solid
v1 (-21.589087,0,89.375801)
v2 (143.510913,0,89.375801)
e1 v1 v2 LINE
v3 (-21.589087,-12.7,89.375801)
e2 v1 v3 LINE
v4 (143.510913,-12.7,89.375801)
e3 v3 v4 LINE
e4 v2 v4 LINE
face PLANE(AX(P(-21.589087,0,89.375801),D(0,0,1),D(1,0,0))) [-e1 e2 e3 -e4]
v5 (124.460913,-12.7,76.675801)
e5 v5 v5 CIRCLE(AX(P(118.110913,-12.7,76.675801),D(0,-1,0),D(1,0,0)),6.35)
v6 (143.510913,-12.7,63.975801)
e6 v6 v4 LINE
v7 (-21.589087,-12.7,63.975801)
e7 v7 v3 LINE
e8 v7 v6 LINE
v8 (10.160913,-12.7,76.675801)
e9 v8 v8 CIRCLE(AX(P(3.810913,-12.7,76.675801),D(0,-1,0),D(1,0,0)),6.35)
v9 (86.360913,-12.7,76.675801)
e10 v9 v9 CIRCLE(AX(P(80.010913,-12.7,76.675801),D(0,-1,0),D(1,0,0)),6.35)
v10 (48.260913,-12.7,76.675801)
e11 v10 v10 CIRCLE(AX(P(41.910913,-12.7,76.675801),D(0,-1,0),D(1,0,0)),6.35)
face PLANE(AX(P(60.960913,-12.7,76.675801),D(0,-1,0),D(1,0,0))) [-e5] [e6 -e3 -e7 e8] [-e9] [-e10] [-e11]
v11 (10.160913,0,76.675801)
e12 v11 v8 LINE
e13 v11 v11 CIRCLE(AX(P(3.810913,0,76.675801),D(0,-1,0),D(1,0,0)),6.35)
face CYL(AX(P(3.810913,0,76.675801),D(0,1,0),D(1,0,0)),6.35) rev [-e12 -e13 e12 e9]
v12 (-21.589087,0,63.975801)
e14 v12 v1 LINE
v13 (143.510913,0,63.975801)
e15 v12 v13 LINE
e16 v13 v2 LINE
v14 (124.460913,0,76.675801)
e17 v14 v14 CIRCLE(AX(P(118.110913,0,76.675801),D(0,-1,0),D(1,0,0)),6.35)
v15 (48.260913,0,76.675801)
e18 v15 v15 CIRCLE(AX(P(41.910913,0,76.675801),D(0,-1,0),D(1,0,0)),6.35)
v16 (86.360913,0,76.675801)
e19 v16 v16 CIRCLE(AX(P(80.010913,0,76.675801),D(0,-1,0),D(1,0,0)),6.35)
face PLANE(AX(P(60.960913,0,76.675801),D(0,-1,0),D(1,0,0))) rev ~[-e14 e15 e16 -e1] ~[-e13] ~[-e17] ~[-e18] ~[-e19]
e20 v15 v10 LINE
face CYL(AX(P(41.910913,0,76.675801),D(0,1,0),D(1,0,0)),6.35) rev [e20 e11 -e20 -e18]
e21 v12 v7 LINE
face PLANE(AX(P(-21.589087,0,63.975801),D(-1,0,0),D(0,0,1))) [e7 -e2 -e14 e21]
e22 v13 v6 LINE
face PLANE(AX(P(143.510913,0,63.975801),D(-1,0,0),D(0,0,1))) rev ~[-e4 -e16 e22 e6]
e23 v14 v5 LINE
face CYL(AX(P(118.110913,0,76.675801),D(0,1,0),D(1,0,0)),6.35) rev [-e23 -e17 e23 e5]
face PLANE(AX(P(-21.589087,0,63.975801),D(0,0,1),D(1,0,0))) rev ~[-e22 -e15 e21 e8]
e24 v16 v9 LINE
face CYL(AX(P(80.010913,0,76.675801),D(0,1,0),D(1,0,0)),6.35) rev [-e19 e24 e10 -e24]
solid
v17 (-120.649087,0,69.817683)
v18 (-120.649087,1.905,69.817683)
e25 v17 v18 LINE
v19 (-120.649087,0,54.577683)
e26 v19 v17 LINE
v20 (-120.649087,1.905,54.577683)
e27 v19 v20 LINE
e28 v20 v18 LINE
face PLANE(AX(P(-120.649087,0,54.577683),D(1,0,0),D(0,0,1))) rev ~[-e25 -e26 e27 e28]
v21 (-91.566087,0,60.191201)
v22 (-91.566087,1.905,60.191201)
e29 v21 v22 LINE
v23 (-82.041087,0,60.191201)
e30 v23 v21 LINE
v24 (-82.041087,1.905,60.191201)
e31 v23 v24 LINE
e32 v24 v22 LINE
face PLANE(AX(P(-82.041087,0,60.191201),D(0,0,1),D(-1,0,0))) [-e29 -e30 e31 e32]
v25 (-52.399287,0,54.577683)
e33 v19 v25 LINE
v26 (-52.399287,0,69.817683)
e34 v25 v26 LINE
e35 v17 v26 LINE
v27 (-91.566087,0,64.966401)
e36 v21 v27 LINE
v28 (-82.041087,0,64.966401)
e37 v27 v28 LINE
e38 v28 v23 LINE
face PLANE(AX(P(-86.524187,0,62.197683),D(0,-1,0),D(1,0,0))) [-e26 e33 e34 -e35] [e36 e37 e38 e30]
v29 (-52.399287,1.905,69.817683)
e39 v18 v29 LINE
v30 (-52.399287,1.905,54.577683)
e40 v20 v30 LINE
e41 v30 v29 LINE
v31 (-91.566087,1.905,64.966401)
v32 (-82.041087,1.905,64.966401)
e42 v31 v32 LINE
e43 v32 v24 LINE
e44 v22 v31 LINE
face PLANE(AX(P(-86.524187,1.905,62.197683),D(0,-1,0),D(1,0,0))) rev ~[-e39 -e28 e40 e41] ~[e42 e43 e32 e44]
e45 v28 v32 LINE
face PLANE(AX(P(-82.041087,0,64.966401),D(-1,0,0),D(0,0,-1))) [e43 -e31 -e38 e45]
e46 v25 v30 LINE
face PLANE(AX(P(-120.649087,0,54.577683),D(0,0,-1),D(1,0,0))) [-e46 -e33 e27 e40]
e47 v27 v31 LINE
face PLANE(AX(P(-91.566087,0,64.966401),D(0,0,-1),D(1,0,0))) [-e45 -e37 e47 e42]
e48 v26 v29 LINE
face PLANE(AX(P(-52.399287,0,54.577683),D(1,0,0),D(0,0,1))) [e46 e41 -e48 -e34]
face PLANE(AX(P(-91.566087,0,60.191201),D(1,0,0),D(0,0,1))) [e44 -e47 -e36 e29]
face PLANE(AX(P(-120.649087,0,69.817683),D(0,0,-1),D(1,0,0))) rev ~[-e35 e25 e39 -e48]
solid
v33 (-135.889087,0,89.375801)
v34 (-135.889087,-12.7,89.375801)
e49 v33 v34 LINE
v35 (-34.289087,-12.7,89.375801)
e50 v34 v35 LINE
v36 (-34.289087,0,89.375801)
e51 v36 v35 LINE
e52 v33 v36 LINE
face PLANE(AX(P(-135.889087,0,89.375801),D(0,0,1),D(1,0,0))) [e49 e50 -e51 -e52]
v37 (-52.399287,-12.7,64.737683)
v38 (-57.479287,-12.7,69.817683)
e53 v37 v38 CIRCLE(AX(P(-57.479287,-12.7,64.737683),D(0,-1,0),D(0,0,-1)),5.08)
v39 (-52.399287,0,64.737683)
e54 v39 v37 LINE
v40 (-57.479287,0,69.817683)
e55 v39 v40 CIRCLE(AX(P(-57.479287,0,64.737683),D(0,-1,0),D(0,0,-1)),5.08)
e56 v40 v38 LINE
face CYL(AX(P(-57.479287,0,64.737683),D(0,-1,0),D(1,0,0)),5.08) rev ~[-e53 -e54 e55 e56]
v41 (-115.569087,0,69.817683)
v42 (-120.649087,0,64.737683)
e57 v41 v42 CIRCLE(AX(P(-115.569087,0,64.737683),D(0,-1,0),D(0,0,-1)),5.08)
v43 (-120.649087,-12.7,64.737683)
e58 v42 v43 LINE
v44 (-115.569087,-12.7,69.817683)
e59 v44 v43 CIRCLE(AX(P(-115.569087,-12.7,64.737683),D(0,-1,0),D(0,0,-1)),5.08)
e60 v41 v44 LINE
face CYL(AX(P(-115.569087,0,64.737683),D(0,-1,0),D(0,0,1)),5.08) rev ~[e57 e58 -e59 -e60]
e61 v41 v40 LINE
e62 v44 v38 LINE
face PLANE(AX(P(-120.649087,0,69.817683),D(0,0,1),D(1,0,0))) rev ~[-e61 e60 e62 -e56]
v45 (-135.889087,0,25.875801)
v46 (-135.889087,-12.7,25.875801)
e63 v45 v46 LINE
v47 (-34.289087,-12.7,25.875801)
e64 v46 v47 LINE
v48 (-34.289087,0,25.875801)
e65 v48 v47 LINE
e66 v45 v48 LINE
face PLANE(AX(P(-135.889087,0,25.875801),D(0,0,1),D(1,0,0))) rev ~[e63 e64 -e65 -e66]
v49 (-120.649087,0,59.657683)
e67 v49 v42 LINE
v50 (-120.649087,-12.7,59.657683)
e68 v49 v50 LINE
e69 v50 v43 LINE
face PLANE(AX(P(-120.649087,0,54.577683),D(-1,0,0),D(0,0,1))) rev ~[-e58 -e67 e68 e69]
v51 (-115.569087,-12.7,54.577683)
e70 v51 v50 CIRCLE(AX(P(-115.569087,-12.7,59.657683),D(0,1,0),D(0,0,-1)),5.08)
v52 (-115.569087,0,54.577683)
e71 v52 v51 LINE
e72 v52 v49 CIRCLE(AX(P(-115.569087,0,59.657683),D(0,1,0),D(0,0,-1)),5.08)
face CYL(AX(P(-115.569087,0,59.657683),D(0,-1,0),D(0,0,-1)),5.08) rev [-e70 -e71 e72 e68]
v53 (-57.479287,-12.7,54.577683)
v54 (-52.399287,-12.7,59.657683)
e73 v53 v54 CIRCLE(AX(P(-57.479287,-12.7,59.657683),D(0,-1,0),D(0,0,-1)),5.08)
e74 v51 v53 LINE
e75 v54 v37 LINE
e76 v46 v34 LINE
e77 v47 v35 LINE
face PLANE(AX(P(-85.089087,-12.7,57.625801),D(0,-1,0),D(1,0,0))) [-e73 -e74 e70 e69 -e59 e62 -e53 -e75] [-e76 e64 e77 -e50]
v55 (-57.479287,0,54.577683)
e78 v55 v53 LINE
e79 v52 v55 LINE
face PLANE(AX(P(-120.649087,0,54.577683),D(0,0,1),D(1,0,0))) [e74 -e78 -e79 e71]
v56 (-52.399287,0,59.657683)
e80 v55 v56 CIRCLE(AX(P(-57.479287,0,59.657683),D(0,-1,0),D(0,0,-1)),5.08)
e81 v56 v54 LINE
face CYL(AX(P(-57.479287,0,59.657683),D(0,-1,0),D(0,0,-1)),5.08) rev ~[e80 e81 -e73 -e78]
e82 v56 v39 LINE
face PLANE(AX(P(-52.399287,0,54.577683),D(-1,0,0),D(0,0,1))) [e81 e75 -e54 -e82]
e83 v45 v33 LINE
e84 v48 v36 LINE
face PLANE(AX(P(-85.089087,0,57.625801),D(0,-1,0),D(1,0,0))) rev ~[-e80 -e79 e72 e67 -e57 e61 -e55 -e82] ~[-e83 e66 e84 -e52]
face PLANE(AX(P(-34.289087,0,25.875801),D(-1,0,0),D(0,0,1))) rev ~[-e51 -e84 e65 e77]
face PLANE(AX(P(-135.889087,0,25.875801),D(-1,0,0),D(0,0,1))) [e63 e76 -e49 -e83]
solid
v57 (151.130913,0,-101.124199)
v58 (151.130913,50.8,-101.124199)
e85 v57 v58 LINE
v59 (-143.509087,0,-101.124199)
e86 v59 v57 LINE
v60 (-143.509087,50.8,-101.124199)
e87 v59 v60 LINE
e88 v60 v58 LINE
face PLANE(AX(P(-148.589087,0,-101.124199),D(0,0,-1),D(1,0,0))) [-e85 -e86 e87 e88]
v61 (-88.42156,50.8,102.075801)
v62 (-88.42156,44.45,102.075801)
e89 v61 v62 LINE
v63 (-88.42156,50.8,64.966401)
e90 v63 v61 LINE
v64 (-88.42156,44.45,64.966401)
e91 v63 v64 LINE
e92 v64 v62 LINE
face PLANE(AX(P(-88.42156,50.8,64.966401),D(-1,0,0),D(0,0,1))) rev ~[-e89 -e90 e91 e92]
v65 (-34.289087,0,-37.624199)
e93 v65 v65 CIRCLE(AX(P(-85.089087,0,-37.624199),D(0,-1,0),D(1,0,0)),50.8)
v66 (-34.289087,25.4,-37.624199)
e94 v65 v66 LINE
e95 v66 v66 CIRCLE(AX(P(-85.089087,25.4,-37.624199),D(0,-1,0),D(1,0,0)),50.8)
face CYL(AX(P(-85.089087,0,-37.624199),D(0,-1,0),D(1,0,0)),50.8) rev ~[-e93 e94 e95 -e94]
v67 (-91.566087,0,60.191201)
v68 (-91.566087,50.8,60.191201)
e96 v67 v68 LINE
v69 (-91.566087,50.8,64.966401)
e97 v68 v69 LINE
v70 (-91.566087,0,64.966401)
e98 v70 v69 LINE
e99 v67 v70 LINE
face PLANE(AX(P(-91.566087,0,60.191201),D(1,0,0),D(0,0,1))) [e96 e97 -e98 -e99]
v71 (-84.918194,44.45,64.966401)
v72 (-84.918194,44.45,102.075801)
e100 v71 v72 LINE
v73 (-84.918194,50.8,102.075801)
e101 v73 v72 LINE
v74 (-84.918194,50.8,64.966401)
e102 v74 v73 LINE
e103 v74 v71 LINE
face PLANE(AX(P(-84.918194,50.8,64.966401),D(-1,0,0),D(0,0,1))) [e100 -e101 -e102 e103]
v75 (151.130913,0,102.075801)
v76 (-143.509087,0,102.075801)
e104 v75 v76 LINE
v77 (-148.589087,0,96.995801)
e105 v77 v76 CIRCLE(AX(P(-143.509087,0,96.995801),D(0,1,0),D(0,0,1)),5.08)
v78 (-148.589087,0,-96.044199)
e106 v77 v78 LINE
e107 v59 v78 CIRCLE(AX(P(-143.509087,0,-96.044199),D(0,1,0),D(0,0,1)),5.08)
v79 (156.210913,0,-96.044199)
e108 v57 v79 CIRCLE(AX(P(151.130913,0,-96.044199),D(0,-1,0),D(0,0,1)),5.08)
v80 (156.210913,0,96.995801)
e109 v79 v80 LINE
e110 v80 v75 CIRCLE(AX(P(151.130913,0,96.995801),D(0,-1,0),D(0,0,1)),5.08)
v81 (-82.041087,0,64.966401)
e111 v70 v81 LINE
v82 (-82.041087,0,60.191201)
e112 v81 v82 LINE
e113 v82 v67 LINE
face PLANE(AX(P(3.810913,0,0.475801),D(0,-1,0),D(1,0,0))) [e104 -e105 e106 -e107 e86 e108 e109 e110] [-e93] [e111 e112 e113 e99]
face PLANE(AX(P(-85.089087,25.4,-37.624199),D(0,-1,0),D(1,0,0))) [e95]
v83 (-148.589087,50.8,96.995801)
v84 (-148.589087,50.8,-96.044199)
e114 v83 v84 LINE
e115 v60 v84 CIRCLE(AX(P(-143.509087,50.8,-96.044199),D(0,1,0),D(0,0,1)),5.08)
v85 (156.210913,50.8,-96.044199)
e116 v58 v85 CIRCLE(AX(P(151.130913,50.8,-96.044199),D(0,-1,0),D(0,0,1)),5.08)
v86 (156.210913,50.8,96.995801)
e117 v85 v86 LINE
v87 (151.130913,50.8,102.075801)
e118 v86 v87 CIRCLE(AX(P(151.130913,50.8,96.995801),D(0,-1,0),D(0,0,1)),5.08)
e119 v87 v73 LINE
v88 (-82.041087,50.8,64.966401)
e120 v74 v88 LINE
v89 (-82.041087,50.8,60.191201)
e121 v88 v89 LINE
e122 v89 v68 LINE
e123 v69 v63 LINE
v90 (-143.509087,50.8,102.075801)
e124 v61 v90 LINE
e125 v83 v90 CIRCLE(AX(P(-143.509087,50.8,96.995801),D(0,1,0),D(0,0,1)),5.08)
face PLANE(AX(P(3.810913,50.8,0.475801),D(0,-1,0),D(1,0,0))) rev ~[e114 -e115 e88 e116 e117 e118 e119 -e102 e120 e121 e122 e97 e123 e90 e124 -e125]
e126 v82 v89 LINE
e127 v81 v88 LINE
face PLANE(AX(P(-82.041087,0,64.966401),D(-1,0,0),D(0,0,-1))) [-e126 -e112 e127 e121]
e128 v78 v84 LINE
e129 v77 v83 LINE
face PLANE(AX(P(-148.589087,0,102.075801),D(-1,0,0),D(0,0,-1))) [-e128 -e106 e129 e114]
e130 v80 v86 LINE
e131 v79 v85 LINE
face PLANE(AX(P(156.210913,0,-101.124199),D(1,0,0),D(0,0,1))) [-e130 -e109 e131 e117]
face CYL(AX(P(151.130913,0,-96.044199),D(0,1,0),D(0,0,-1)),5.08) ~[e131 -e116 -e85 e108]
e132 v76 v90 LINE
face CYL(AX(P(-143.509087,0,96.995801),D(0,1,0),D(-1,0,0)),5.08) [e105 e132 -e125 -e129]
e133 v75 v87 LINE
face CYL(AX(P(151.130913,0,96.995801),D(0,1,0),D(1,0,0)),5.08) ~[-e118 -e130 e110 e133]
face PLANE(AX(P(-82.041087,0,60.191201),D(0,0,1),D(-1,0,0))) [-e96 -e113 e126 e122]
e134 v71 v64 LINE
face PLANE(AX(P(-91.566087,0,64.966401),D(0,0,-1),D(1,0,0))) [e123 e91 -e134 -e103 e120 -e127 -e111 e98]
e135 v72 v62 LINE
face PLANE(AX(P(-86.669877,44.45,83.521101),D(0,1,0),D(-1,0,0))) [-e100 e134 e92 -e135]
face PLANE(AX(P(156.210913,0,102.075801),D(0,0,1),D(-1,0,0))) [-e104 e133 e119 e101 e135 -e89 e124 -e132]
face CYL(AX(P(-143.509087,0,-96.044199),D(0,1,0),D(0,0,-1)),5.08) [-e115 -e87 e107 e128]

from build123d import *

# Parameters (mm, degrees)
F4_W      = 101.6
F4_H      = 63.5
F4_W_2    = 68.2498
F4_H_2    = 15.24
F5_DEPTH  = 12.7
F6_DEPTH  = 1.905
F3_W      = 165.1
F3_H      = 25.4
F3_R      = 6.35
F7_DEPTH  = 12.7
F8_DEPTH  = 50.8
F1_R      = 50.8
F9_DEPTH  = 25.4
F10_R     = 5.08
F11_R     = 5.08
F12_R     = 5.08
F13_R     = 5.08
F14_W     = 3.503367
F14_H     = 37.1094
F15_DEPTH = 6.35
F16_R     = 5.08


with BuildPart() as f5:
    # F4 (on face) → F5 (new body)
    with BuildSketch(Plane.XZ):
        with Locations((-85.089087, 57.625801)):
            Rectangle(F4_W, F4_H)
        with Locations((-86.524187, 62.197683)):
            Rectangle(F4_W_2, F4_H_2, mode=Mode.SUBTRACT)
    extrude(amount=F5_DEPTH)

    # F16
    f16_edges = [f5.edges().sort_by_distance(p)[0] for p in [
        (-120.649087, -6.35, 69.817683),
        (-52.399287, -6.35, 69.817683),
        (-120.649087, -6.35, 54.577683),
        (-52.399287, -6.35, 54.577683),
    ]]
    fillet(f16_edges, radius=F16_R)


with BuildPart() as f6:
    # F4 (on face) → F6 (new body)
    with BuildSketch(Plane.XZ):
        with Locations((-86.524187, 62.197683)):
            Rectangle(F4_W_2, F4_H_2)
        Polygon((-82.041087, 60.191201), (-91.566087, 60.191201), (-91.566087, 64.966401), (-88.340287, 64.966401), (-85.292287, 64.966401), (-82.041087, 64.966401), align=None, mode=Mode.SUBTRACT)
    extrude(amount=-F6_DEPTH)


with BuildPart() as f7:
    # F3 (on face) → F7 (new body)
    with BuildSketch(Plane.XZ):
        with Locations((60.960913, 76.675801)):
            Rectangle(F3_W, F3_H)
        with Locations((3.810913, 76.675801)):
            Circle(F3_R, mode=Mode.SUBTRACT)
        with Locations((41.910913, 76.675801)):
            Circle(F3_R, mode=Mode.SUBTRACT)
        with Locations((80.010913, 76.675801)):
            Circle(F3_R, mode=Mode.SUBTRACT)
        with Locations((118.110913, 76.675801)):
            Circle(F3_R, mode=Mode.SUBTRACT)
    extrude(amount=F7_DEPTH)


with BuildPart() as f8:
    # F0 (on Front) → F8 (new body)
    with BuildSketch(Plane.XZ):
        Polygon((-148.589087, -101.124199), (156.210913, -101.124199), (156.210913, 102.075801), (-85.292287, 102.075801), (-88.340287, 102.075801), (-148.589087, 102.075801), align=None)
        Polygon((-91.566087, 60.191201), (-91.566087, 64.966401), (-88.340287, 64.966401), (-85.292287, 64.966401), (-82.041087, 64.966401), (-82.041087, 60.191201), align=None, mode=Mode.SUBTRACT)
    extrude(amount=-F8_DEPTH)

    # F1 (on face) → F9 (cut)
    with BuildSketch(Plane.XZ):
        with Locations((-85.089087, -37.624199)):
            Circle(F1_R)
    extrude(amount=-F9_DEPTH, mode=Mode.SUBTRACT)

    # F10
    f10_edges = [f8.edges().sort_by_distance(p)[0] for p in [
        (156.210913, 25.4, -101.124199),
    ]]
    fillet(f10_edges, radius=F10_R)

    # F11
    f11_edges = [f8.edges().sort_by_distance(p)[0] for p in [
        (156.210913, 25.4, 102.075801),
    ]]
    fillet(f11_edges, radius=F11_R)

    # F12
    f12_edges = [f8.edges().sort_by_distance(p)[0] for p in [
        (-148.589087, 25.4, -101.124199),
    ]]
    fillet(f12_edges, radius=F12_R)

    # F13
    f13_edges = [f8.edges().sort_by_distance(p)[0] for p in [
        (-148.589087, 25.4, 102.075801),
    ]]
    fillet(f13_edges, radius=F13_R)

    # F14 (on face) → F15 (cut)
    with BuildSketch(Plane(origin=(0, 50.8, 0), x_dir=(-1, 0, 0), z_dir=(0, 1, 0))):
        with Locations((86.669877, 83.521101)):
            Rectangle(F14_W, F14_H)
    extrude(amount=-F15_DEPTH, mode=Mode.SUBTRACT)


solid = Compound([f5.part, f6.part, f7.part, f8.part])
